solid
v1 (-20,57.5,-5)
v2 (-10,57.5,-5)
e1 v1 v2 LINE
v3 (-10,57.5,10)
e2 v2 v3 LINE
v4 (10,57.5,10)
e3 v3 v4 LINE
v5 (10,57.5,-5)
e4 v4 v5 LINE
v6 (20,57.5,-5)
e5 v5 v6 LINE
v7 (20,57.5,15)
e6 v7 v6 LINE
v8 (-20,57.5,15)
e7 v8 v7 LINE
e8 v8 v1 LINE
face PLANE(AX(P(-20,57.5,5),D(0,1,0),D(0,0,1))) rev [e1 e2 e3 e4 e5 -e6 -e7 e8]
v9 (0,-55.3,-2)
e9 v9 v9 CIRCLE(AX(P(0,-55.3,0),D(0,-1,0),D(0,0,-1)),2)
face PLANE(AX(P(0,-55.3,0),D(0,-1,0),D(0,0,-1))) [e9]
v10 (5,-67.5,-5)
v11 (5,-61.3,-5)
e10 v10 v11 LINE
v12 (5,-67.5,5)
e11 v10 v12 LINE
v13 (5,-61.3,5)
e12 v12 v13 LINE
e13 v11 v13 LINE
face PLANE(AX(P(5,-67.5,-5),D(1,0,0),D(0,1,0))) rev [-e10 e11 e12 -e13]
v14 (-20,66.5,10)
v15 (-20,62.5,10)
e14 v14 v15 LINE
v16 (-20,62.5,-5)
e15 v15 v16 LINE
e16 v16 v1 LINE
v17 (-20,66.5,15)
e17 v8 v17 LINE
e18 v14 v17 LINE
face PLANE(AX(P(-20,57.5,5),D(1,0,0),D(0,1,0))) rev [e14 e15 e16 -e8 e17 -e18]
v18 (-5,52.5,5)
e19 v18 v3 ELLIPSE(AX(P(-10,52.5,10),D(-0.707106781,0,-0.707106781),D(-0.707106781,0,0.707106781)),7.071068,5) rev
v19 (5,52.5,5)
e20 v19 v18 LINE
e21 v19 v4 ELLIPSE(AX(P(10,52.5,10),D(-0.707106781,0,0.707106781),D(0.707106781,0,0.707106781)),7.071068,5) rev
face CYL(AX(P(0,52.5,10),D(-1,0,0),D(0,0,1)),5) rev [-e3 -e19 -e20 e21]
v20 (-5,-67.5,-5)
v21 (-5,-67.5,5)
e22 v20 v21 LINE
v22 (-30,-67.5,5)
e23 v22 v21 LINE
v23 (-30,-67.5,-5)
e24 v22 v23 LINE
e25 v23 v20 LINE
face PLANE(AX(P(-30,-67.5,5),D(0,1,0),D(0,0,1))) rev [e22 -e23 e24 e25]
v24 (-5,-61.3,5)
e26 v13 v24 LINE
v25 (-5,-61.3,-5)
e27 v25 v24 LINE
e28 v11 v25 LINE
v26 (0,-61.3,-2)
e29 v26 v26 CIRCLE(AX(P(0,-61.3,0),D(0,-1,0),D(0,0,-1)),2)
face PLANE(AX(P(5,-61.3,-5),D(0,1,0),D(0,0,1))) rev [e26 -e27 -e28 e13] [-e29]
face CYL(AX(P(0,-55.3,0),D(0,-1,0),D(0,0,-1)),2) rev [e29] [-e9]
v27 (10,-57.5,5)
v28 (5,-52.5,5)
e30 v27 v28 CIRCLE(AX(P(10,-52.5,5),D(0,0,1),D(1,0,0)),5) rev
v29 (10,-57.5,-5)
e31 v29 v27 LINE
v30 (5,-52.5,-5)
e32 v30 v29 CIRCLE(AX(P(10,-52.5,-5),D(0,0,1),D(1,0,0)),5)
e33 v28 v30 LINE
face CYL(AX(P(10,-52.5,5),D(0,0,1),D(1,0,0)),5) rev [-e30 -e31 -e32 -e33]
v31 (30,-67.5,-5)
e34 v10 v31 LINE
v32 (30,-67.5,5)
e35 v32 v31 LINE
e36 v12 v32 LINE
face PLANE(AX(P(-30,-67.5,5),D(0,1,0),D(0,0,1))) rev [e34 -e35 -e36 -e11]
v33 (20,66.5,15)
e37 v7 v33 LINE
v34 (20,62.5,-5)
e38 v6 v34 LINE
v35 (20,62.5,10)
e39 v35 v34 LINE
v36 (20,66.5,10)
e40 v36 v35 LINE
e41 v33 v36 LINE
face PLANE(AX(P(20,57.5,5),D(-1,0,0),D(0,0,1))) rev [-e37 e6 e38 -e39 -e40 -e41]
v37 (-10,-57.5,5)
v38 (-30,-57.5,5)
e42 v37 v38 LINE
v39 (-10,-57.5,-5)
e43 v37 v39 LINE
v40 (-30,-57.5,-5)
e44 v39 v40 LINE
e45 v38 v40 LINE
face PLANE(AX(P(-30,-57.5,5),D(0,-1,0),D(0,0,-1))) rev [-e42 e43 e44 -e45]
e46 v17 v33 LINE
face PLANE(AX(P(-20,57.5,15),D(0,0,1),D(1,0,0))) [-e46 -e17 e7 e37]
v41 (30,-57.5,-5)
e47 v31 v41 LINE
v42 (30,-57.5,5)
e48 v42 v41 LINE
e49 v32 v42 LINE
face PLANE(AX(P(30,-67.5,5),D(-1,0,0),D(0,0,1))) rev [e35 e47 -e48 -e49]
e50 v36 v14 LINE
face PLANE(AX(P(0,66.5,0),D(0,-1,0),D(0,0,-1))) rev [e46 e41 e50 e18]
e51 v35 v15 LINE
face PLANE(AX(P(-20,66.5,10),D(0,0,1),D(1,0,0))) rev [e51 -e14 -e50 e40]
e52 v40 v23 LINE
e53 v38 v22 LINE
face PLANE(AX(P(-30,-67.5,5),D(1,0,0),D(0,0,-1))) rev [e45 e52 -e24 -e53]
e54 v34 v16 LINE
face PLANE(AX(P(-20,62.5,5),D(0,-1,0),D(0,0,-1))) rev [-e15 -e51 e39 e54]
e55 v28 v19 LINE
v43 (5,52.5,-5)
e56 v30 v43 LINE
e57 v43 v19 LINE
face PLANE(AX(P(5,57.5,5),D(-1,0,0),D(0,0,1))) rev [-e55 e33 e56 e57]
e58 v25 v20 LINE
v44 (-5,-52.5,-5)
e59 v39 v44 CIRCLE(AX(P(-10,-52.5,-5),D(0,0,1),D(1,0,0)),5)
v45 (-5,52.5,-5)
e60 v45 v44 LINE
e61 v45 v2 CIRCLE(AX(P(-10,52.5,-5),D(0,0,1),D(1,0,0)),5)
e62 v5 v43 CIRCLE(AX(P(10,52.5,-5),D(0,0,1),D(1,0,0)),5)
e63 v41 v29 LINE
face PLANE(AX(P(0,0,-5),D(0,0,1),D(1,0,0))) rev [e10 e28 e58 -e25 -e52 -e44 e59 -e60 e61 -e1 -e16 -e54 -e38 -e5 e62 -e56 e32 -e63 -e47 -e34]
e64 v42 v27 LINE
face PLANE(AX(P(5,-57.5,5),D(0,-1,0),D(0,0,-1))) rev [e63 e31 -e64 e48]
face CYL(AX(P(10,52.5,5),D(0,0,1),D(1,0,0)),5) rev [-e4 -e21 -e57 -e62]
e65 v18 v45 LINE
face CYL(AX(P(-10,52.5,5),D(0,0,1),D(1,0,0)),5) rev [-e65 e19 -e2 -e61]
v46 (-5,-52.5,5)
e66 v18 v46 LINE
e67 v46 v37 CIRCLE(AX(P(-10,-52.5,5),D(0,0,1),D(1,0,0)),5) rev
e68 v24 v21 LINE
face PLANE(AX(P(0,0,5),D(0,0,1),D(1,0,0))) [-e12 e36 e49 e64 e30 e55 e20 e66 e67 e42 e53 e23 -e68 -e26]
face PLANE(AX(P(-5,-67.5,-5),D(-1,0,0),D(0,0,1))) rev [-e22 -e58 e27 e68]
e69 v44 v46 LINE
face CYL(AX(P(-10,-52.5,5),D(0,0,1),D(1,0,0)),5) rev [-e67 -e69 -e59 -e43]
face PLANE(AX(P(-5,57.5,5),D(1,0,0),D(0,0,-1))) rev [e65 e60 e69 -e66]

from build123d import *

# Parameters (mm, degrees)
BOSS_EXTRUDE1_DEPTH = 5
SKETCH3_W           = 40
SKETCH3_H           = 10
BOSS_EXTRUDE2_DEPTH = 5
SKETCH4_W           = 40
SKETCH4_H           = 5
BOSS_EXTRUDE3_DEPTH = 4
SKETCH7_W           = 10
SKETCH7_H           = 6.2
CUT_EXTRUDE1_DEPTH  = 75.540257579
SKETCH8_R           = 2
CUT_EXTRUDE2_DEPTH  = 6
FILLET3_R           = 5


with BuildPart() as part:
    # Sketch1 → Boss-Extrude1 (new, symmetric)
    with BuildSketch(Plane.XY):
        Polygon((5, -57.5), (30, -57.5), (30, -67.5), (-30, -67.5), (-30, -57.5), (-5, -57.5), (-5, 57.5), (-20, 57.5), (-20, 62.5), (20, 62.5), (20, 57.5), (5, 57.5), align=None)
    extrude(amount=BOSS_EXTRUDE1_DEPTH, both=True)

    # Sketch3 → Boss-Extrude2 (add)
    with BuildSketch(Plane(origin=(0, 62.5, 0), x_dir=(1, 0, 0), z_dir=(0, 1, 0))):
        with Locations((0, -10)):
            Rectangle(SKETCH3_W, SKETCH3_H)
    extrude(amount=-BOSS_EXTRUDE2_DEPTH)

    # Sketch4 → Boss-Extrude3 (add)
    with BuildSketch(Plane(origin=(0, 62.5, 0), x_dir=(1, 0, 0), z_dir=(0, 1, 0))):
        with Locations((0, -12.5)):
            Rectangle(SKETCH4_W, SKETCH4_H)
    extrude(amount=BOSS_EXTRUDE3_DEPTH)

    # Sketch7 → Cut-Extrude1 (cut, through all)
    with BuildSketch(Plane.XY.offset(5)):
        with Locations((0, -64.4)):
            Rectangle(SKETCH7_W, SKETCH7_H)
    extrude(amount=-CUT_EXTRUDE1_DEPTH, mode=Mode.SUBTRACT)

    # Sketch8 → Cut-Extrude2 (cut)
    with BuildSketch(Plane.XZ.offset(61.3)):
        with Locations(Location((0, 0, 0), (0, 0, 270))):
            Circle(SKETCH8_R)
    extrude(amount=-CUT_EXTRUDE2_DEPTH, mode=Mode.SUBTRACT)

    # Fillet3
    fillet3_edges = [part.edges().sort_by_distance(p)[0] for p in [
        (5, -57.5, 0),
        (-5, -57.5, 0),
        (-5, 57.5, 0),
        (5, 57.5, 0),
        (0, 57.5, 5),
    ]]
    fillet(fillet3_edges, radius=FILLET3_R)


solid = part.part
